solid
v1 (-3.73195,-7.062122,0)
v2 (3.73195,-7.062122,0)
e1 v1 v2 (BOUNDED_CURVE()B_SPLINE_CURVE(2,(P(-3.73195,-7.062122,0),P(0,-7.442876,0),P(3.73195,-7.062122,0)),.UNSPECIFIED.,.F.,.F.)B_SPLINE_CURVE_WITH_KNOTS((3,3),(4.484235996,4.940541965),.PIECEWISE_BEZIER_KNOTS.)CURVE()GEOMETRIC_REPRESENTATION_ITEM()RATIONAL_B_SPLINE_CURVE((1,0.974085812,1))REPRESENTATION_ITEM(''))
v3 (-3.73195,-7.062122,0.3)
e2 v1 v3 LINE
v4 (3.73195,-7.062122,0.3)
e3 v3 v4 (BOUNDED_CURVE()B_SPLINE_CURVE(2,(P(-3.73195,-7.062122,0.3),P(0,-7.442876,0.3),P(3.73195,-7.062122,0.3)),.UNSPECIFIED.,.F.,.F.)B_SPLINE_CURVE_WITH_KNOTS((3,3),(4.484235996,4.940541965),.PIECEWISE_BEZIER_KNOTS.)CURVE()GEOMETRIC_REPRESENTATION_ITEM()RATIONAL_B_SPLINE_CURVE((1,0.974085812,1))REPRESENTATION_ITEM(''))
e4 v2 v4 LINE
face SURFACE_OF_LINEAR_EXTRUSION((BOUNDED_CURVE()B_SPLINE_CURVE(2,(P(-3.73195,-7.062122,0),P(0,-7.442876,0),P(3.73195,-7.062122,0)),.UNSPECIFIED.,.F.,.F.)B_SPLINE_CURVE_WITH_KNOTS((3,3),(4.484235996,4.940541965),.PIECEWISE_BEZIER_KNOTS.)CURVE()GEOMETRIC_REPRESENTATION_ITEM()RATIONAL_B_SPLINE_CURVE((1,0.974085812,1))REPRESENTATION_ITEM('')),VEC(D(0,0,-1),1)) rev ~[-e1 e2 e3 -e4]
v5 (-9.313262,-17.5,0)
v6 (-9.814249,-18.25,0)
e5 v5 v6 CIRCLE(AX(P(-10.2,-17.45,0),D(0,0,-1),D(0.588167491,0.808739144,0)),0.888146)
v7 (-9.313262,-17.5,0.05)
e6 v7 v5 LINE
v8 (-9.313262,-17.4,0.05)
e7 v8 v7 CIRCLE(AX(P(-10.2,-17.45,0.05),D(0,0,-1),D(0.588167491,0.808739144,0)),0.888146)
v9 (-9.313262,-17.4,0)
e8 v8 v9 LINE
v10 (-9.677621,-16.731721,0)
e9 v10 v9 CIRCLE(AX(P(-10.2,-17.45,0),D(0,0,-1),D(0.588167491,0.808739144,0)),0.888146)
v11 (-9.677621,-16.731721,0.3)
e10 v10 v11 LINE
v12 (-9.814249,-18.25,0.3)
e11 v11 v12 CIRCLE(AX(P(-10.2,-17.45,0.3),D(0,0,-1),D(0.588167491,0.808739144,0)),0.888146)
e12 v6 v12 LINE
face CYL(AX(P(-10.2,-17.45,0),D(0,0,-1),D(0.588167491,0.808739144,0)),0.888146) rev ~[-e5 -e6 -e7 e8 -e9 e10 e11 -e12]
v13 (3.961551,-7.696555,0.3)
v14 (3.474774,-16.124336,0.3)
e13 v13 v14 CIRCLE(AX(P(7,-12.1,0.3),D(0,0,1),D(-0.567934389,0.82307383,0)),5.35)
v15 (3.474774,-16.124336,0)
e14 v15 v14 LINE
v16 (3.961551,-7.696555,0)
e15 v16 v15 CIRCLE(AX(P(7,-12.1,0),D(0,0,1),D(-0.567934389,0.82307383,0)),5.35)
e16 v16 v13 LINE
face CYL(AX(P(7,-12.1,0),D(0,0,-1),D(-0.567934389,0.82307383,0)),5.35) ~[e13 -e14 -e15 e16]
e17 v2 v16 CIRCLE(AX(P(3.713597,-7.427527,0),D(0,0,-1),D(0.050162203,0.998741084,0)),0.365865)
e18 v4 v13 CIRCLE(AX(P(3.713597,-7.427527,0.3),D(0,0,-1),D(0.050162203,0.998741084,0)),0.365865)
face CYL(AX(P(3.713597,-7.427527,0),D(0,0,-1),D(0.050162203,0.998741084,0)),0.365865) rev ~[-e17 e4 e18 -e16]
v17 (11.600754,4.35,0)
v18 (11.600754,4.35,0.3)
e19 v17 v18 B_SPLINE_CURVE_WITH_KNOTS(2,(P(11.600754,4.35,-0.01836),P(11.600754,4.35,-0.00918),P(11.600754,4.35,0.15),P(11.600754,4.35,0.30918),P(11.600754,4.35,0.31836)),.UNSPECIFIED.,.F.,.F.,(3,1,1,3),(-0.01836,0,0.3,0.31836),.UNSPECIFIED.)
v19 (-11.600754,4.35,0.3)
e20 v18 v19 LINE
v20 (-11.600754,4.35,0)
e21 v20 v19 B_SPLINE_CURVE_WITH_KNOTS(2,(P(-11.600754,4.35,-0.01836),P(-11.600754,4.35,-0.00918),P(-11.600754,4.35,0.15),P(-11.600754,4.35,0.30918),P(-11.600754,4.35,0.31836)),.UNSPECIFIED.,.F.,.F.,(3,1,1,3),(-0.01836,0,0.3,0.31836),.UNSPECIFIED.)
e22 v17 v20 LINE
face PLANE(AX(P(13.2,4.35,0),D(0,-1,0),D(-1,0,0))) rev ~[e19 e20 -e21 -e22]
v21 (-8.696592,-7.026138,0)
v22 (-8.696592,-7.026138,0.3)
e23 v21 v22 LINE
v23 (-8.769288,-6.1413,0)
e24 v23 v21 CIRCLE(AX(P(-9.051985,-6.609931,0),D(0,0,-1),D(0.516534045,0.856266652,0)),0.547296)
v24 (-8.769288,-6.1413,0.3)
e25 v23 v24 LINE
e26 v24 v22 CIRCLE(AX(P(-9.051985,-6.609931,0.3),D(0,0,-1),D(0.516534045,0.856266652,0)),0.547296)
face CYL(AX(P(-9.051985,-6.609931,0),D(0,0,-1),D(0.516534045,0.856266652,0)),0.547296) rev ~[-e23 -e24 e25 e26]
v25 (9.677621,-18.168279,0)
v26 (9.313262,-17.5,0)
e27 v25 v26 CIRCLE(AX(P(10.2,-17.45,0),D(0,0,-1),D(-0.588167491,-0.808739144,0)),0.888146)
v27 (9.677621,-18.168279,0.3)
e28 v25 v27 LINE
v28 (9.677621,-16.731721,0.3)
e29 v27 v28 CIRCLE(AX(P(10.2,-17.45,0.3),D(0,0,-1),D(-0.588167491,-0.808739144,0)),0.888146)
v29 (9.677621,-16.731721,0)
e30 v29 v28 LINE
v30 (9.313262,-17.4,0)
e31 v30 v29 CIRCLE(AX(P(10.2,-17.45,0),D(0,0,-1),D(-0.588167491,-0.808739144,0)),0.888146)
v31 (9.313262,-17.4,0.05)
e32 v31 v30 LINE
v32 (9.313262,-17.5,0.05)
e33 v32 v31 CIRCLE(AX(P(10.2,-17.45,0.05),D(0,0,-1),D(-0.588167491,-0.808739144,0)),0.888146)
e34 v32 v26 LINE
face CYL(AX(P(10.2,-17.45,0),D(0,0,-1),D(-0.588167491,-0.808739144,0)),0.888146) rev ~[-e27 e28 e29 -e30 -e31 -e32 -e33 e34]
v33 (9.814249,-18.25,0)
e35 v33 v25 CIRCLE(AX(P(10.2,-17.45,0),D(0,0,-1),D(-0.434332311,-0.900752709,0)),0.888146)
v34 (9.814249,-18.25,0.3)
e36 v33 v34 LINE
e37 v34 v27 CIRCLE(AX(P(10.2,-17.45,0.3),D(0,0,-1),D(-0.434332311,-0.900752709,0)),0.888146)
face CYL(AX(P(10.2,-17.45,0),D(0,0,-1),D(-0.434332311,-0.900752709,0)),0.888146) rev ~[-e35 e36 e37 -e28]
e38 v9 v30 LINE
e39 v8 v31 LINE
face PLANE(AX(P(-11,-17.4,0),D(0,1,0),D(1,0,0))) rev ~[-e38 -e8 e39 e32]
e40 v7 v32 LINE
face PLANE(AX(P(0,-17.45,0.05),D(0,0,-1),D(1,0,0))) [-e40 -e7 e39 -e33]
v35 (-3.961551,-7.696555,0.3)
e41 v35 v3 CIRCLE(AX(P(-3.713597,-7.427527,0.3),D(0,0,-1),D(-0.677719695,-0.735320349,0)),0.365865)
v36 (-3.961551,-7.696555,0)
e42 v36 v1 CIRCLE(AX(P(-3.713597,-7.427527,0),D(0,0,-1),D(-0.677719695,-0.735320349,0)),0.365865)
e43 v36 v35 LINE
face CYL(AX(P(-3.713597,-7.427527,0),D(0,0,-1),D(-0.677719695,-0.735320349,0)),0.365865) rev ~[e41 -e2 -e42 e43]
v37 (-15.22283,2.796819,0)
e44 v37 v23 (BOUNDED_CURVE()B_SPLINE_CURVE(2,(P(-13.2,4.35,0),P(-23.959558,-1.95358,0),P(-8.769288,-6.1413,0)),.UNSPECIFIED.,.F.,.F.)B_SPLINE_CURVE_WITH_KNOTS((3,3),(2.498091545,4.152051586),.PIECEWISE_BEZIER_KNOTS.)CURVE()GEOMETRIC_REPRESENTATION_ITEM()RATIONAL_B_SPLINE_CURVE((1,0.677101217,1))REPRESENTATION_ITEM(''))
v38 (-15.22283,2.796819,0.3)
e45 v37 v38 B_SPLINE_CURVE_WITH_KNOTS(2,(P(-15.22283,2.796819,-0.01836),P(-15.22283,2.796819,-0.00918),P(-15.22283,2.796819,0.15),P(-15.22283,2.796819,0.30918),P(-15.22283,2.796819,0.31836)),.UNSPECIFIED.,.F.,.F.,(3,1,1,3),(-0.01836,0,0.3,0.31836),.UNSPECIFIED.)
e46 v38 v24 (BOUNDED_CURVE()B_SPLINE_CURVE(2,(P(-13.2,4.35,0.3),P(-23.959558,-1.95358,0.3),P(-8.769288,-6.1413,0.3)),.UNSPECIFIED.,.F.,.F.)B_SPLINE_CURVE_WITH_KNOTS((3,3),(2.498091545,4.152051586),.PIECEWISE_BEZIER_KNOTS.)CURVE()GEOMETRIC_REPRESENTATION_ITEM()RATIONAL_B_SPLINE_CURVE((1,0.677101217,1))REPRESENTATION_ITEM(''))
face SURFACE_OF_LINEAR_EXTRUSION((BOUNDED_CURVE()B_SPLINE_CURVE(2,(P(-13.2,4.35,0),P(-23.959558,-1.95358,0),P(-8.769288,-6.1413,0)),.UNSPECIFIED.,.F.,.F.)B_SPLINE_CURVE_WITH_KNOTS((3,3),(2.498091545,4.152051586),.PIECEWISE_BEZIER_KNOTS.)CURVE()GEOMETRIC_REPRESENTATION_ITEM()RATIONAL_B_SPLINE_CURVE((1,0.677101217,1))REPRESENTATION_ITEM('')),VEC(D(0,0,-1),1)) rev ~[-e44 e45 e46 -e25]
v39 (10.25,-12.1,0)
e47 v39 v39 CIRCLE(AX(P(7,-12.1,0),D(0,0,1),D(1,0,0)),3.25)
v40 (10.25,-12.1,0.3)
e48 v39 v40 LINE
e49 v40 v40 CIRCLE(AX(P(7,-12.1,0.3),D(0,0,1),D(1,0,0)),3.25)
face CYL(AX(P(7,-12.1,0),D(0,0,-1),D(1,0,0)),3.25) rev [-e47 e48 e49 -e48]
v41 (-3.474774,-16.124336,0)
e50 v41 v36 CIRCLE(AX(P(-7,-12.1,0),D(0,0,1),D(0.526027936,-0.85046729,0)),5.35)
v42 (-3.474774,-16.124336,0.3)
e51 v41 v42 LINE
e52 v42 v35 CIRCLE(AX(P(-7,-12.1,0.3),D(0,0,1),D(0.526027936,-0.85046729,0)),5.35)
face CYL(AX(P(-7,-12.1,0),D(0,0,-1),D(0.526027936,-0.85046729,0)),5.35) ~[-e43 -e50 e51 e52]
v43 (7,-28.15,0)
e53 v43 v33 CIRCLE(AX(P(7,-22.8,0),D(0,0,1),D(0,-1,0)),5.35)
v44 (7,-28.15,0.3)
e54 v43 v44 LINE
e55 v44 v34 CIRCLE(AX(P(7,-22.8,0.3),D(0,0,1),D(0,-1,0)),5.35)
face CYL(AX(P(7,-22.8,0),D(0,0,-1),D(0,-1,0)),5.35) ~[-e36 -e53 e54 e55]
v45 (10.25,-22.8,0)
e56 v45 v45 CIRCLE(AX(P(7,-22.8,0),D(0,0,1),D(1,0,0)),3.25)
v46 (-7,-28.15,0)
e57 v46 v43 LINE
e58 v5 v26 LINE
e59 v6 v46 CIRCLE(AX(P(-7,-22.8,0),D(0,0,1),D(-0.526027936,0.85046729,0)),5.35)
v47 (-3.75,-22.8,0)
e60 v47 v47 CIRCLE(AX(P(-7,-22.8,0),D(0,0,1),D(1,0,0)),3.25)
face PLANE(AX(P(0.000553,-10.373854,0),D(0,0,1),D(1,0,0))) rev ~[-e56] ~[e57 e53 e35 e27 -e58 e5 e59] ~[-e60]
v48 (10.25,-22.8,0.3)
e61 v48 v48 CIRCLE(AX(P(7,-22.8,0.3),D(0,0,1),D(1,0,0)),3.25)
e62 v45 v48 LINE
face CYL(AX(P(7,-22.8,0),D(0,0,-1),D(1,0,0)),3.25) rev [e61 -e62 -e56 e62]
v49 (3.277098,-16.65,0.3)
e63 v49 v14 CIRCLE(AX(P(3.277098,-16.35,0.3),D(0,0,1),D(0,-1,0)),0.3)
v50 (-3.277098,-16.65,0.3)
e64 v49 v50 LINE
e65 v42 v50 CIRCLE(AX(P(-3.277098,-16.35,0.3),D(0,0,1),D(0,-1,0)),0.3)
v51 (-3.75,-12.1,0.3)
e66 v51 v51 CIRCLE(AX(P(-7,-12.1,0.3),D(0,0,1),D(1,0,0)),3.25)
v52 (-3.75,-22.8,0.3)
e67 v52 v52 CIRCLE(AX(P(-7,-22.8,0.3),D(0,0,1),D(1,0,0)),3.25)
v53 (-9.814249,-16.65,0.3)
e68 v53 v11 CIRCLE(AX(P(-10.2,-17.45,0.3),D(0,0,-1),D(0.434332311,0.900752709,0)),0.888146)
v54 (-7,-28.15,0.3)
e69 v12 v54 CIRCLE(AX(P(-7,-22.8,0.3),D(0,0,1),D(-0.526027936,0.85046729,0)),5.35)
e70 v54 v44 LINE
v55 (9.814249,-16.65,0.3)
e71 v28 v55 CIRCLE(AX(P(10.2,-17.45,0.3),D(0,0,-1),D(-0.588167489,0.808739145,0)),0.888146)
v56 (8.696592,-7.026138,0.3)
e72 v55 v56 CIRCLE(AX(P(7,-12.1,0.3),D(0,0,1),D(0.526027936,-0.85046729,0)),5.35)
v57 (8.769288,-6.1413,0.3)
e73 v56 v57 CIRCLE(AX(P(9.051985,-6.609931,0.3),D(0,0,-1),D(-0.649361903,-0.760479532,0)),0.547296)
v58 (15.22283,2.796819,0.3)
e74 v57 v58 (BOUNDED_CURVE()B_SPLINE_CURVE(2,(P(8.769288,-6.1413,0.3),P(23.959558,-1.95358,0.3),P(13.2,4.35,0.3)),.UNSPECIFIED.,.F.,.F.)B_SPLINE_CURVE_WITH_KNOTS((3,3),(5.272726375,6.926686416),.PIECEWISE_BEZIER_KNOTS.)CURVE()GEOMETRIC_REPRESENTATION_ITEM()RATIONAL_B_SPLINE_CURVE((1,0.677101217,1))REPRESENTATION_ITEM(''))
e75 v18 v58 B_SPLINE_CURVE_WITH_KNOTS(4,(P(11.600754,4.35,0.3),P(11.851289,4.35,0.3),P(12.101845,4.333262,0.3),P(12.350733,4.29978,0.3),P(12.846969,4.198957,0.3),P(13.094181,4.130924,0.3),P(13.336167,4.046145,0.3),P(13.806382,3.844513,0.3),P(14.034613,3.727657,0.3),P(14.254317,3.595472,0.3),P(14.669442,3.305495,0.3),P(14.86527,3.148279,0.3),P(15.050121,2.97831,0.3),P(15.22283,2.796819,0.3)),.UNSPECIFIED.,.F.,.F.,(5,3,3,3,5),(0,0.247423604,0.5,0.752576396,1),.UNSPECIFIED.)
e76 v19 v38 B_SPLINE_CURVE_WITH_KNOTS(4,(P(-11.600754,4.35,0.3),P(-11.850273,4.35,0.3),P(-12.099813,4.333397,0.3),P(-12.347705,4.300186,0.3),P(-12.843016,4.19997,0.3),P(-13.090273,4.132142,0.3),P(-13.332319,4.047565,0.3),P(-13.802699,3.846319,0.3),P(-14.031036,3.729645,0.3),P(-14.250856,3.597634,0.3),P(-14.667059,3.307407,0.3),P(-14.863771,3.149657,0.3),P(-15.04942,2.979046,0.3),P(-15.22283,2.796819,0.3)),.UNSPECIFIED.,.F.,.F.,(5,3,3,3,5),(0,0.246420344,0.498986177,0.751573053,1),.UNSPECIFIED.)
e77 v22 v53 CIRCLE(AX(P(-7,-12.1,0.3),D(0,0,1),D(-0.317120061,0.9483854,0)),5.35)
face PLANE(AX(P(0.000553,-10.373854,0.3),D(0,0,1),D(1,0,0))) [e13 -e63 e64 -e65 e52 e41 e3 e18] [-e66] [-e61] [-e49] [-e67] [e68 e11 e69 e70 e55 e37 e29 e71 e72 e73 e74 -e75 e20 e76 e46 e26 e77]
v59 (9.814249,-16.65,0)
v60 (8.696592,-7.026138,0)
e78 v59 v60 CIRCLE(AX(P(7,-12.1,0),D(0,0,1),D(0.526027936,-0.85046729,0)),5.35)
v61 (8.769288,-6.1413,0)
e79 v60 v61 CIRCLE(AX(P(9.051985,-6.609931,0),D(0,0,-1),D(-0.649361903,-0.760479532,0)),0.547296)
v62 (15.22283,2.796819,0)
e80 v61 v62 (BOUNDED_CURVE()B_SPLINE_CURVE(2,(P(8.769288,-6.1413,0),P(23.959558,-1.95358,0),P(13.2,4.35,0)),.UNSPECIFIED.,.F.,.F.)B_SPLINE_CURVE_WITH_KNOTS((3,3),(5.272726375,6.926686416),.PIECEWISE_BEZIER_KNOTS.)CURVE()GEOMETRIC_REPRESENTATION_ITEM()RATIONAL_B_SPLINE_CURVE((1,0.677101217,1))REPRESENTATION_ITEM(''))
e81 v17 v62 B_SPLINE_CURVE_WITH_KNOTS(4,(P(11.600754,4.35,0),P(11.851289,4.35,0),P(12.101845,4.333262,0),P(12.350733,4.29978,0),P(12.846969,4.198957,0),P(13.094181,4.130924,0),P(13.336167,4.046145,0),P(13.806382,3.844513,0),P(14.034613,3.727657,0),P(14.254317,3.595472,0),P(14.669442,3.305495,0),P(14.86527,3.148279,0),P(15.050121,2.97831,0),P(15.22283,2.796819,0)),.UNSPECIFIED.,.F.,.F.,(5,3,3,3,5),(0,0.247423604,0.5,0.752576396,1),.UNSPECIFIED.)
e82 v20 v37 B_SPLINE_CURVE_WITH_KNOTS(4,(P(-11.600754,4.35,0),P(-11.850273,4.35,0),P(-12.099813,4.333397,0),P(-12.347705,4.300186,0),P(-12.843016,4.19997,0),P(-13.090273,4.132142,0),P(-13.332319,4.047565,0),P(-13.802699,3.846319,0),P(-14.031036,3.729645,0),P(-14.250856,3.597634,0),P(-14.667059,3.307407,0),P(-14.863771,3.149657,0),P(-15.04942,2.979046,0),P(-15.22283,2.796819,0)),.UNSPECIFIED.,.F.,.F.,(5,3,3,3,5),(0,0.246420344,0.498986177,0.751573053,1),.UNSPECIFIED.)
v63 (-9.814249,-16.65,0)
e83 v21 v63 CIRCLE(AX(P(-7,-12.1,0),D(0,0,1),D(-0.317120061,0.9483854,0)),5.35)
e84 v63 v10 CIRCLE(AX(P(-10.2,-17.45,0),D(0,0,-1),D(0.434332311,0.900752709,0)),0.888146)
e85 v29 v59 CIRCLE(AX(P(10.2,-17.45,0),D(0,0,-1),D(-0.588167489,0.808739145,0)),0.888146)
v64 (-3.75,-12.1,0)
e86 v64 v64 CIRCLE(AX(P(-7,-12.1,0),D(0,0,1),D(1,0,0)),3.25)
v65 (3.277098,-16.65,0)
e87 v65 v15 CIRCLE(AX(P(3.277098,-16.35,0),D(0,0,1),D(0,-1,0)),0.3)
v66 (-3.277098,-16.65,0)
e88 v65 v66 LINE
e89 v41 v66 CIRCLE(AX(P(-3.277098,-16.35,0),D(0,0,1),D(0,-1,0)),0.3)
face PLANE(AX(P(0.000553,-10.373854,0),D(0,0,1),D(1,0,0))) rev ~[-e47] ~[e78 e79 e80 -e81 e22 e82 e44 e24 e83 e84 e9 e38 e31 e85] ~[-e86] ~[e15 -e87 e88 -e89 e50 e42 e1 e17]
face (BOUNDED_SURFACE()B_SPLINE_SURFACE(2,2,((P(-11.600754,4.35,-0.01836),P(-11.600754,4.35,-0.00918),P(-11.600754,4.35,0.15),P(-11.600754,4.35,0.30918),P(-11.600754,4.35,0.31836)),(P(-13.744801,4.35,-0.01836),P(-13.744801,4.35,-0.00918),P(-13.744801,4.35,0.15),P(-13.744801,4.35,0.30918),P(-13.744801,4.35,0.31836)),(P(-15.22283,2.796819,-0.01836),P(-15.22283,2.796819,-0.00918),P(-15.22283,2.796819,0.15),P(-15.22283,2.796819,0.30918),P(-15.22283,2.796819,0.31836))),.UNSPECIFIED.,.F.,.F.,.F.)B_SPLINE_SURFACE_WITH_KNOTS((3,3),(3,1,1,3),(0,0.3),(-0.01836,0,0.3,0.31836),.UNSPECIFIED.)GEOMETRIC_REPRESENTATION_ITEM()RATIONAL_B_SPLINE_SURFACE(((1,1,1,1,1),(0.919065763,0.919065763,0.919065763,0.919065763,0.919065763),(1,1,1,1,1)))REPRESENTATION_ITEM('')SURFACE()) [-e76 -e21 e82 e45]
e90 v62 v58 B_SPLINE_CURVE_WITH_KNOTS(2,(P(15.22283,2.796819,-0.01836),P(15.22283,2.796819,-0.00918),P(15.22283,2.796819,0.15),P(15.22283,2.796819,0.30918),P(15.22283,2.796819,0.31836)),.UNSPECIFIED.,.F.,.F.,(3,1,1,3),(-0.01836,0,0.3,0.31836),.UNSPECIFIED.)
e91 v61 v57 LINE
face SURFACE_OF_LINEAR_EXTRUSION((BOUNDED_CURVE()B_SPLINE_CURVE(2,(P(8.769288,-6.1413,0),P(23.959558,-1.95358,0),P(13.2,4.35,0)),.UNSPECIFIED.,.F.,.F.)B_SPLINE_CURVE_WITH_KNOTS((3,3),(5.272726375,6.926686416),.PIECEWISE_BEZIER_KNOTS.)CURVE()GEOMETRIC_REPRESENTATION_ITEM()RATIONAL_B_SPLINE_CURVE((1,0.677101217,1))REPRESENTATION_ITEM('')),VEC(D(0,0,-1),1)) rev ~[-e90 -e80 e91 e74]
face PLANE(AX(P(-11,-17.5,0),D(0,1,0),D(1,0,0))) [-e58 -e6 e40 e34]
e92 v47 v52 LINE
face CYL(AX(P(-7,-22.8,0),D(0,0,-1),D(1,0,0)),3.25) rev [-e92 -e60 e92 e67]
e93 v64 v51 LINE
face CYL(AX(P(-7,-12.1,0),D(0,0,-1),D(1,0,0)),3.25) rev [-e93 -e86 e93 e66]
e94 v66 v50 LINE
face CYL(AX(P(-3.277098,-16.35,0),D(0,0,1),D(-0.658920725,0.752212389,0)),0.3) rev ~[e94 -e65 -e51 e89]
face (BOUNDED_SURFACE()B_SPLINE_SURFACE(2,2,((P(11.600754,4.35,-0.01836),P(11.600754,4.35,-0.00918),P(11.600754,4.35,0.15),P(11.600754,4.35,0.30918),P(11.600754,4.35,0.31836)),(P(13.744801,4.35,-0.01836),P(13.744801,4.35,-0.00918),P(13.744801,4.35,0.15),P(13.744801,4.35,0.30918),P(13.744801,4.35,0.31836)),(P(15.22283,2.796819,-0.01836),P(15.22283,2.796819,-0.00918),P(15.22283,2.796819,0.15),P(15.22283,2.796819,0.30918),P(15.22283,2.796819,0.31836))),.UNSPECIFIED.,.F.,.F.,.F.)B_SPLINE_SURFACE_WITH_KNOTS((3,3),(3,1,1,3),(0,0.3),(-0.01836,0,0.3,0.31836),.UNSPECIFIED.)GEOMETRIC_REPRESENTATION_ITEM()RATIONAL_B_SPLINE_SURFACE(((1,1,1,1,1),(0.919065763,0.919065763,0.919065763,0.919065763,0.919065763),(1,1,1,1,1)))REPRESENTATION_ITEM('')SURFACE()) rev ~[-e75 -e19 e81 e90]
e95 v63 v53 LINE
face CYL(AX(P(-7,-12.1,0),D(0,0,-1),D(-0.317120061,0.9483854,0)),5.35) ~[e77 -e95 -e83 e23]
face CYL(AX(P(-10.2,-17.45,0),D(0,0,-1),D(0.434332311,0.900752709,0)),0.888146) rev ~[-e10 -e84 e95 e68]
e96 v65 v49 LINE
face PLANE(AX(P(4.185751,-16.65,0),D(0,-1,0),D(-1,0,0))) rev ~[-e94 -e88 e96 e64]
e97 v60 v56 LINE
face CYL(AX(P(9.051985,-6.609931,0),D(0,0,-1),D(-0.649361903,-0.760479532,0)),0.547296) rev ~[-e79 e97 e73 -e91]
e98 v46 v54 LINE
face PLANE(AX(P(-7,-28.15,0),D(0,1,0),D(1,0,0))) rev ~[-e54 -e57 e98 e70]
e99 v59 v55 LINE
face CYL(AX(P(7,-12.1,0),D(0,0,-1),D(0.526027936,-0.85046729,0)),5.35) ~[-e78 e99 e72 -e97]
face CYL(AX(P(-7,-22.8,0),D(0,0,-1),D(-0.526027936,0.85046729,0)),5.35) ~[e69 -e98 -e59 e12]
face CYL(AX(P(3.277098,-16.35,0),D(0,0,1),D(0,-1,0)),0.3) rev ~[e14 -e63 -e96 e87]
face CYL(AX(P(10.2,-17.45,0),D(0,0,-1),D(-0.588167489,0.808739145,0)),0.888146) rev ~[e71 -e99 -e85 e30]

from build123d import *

# Parameters (mm, degrees)
F0_R     = 3.25
F1_DEPTH = 0.3
F2_R     = 5
F3_R     = 0.3
F4_W     = 22
F4_H     = 0.1
F5_DEPTH = 0.05


with BuildPart() as f1:
    # F0 (on Top) → F1 (new body)
    with BuildSketch(Plane.XY):
        with BuildLine():
            Line((13.2, 4.35), (-13.2, 4.35))
            add(Edge.make_bspline(
                [(-13.2, 4.35), (-23.9595582635, -1.9535795887), (-8.7692884448, -6.141299865)],
                knots=[2.4980915448, 2.4980915448, 2.4980915448, 4.1520515858, 4.1520515858, 4.1520515858], degree=2, weights=[1, 0.6771012168, 1]))
            ThreePointArc((-8.7692884448, -6.141299865), (-8.5065273892, -6.5651174574), (-8.6965923284, -7.0261381108))
            ThreePointArc((-8.6965923284, -7.0261381108), (-12.3142829071, -11.4828313169), (-9.8142494559, -16.65))
            ThreePointArc((-9.8142494559, -16.65), (-9.7441006003, -16.6877931911), (-9.6776213413, -16.7317214891))
            ThreePointArc((-9.6776213413, -16.7317214891), (-9.3154283119, -17.5296015758), (-9.8142494559, -18.25))
            ThreePointArc((-9.8142494559, -18.25), (-12.1461150395, -24.2628738838), (-7, -28.15))
            Line((-7, -28.15), (7, -28.15))
            ThreePointArc((7, -28.15), (12.1461150395, -24.2628738838), (9.8142494559, -18.25))
            ThreePointArc((9.8142494559, -18.25), (9.7441006003, -18.2122068089), (9.6776213413, -18.1682785109))
            ThreePointArc((9.6776213413, -18.1682785109), (9.3118539071, -17.45), (9.6776213413, -16.7317214891))
            ThreePointArc((9.6776213413, -16.7317214891), (9.7441006003, -16.6877931911), (9.8142494559, -16.65))
            ThreePointArc((9.8142494559, -16.65), (12.3142829071, -11.4828313169), (8.6965923284, -7.0261381108))
            ThreePointArc((8.6965923284, -7.0261381108), (8.5065273892, -6.5651174574), (8.7692884448, -6.141299865))
            add(Edge.make_bspline(
                [(8.7692884448, -6.141299865), (23.9595582635, -1.9535795887), (13.2, 4.35)],
                knots=[5.272726375, 5.272726375, 5.272726375, 6.926686416, 6.926686416, 6.926686416], degree=2, weights=[1, 0.6771012168, 1]))
        make_face()
        with Locations((-7, -22.8)):
            Circle(F0_R, mode=Mode.SUBTRACT)
        with Locations((-7, -12.1)):
            Circle(F0_R, mode=Mode.SUBTRACT)
        with Locations((7, -22.8)):
            Circle(F0_R, mode=Mode.SUBTRACT)
        with Locations((7, -12.1)):
            Circle(F0_R, mode=Mode.SUBTRACT)
        with BuildLine():
            ThreePointArc((-3.9615510182, -7.6965550094), (-4.0576261026, -7.3030225288), (-3.7319495204, -7.0621221367))
            add(Edge.make_bspline(
                [(-3.7319495204, -7.0621221367), (0, -7.4428760906), (3.7319495204, -7.0621221367)],
                knots=[4.4842359958, 4.4842359958, 4.4842359958, 4.9405419649, 4.9405419649, 4.9405419649], degree=2, weights=[1, 0.974085812, 1]))
            ThreePointArc((3.7319495204, -7.0621221367), (4.0576261026, -7.3030225288), (3.9615510182, -7.6965550094))
            ThreePointArc((3.9615510182, -7.6965550094), (1.6516765197, -12.233925164), (4.1857505441, -16.65))
            Line((4.1857505441, -16.65), (-4.1857505441, -16.65))
            ThreePointArc((-4.1857505441, -16.65), (-1.6516765197, -12.233925164), (-3.9615510182, -7.6965550094))
        make_face(mode=Mode.SUBTRACT)
    extrude(amount=F1_DEPTH)

    # F2
    f2_edges = [f1.edges().sort_by_distance(p)[0] for p in [
        (13.2, 4.35, 0.15),
        (-13.2, 4.35, 0.15),
    ]]
    fillet(f2_edges, radius=F2_R)

    # F3
    f3_edges = [f1.edges().sort_by_distance(p)[0] for p in [
        (-4.185751, -16.65, 0.15),
        (4.185751, -16.65, 0.15),
    ]]
    fillet(f3_edges, radius=F3_R)

    # F4 (on face) → F5 (cut)
    with BuildSketch(Plane(origin=(0, 0, 0), x_dir=(1, 0, 0), z_dir=(0, 0, -1))):
        with Locations((0, 17.45)):
            Rectangle(F4_W, F4_H)
    extrude(amount=-F5_DEPTH, mode=Mode.SUBTRACT)


solid = f1.part
